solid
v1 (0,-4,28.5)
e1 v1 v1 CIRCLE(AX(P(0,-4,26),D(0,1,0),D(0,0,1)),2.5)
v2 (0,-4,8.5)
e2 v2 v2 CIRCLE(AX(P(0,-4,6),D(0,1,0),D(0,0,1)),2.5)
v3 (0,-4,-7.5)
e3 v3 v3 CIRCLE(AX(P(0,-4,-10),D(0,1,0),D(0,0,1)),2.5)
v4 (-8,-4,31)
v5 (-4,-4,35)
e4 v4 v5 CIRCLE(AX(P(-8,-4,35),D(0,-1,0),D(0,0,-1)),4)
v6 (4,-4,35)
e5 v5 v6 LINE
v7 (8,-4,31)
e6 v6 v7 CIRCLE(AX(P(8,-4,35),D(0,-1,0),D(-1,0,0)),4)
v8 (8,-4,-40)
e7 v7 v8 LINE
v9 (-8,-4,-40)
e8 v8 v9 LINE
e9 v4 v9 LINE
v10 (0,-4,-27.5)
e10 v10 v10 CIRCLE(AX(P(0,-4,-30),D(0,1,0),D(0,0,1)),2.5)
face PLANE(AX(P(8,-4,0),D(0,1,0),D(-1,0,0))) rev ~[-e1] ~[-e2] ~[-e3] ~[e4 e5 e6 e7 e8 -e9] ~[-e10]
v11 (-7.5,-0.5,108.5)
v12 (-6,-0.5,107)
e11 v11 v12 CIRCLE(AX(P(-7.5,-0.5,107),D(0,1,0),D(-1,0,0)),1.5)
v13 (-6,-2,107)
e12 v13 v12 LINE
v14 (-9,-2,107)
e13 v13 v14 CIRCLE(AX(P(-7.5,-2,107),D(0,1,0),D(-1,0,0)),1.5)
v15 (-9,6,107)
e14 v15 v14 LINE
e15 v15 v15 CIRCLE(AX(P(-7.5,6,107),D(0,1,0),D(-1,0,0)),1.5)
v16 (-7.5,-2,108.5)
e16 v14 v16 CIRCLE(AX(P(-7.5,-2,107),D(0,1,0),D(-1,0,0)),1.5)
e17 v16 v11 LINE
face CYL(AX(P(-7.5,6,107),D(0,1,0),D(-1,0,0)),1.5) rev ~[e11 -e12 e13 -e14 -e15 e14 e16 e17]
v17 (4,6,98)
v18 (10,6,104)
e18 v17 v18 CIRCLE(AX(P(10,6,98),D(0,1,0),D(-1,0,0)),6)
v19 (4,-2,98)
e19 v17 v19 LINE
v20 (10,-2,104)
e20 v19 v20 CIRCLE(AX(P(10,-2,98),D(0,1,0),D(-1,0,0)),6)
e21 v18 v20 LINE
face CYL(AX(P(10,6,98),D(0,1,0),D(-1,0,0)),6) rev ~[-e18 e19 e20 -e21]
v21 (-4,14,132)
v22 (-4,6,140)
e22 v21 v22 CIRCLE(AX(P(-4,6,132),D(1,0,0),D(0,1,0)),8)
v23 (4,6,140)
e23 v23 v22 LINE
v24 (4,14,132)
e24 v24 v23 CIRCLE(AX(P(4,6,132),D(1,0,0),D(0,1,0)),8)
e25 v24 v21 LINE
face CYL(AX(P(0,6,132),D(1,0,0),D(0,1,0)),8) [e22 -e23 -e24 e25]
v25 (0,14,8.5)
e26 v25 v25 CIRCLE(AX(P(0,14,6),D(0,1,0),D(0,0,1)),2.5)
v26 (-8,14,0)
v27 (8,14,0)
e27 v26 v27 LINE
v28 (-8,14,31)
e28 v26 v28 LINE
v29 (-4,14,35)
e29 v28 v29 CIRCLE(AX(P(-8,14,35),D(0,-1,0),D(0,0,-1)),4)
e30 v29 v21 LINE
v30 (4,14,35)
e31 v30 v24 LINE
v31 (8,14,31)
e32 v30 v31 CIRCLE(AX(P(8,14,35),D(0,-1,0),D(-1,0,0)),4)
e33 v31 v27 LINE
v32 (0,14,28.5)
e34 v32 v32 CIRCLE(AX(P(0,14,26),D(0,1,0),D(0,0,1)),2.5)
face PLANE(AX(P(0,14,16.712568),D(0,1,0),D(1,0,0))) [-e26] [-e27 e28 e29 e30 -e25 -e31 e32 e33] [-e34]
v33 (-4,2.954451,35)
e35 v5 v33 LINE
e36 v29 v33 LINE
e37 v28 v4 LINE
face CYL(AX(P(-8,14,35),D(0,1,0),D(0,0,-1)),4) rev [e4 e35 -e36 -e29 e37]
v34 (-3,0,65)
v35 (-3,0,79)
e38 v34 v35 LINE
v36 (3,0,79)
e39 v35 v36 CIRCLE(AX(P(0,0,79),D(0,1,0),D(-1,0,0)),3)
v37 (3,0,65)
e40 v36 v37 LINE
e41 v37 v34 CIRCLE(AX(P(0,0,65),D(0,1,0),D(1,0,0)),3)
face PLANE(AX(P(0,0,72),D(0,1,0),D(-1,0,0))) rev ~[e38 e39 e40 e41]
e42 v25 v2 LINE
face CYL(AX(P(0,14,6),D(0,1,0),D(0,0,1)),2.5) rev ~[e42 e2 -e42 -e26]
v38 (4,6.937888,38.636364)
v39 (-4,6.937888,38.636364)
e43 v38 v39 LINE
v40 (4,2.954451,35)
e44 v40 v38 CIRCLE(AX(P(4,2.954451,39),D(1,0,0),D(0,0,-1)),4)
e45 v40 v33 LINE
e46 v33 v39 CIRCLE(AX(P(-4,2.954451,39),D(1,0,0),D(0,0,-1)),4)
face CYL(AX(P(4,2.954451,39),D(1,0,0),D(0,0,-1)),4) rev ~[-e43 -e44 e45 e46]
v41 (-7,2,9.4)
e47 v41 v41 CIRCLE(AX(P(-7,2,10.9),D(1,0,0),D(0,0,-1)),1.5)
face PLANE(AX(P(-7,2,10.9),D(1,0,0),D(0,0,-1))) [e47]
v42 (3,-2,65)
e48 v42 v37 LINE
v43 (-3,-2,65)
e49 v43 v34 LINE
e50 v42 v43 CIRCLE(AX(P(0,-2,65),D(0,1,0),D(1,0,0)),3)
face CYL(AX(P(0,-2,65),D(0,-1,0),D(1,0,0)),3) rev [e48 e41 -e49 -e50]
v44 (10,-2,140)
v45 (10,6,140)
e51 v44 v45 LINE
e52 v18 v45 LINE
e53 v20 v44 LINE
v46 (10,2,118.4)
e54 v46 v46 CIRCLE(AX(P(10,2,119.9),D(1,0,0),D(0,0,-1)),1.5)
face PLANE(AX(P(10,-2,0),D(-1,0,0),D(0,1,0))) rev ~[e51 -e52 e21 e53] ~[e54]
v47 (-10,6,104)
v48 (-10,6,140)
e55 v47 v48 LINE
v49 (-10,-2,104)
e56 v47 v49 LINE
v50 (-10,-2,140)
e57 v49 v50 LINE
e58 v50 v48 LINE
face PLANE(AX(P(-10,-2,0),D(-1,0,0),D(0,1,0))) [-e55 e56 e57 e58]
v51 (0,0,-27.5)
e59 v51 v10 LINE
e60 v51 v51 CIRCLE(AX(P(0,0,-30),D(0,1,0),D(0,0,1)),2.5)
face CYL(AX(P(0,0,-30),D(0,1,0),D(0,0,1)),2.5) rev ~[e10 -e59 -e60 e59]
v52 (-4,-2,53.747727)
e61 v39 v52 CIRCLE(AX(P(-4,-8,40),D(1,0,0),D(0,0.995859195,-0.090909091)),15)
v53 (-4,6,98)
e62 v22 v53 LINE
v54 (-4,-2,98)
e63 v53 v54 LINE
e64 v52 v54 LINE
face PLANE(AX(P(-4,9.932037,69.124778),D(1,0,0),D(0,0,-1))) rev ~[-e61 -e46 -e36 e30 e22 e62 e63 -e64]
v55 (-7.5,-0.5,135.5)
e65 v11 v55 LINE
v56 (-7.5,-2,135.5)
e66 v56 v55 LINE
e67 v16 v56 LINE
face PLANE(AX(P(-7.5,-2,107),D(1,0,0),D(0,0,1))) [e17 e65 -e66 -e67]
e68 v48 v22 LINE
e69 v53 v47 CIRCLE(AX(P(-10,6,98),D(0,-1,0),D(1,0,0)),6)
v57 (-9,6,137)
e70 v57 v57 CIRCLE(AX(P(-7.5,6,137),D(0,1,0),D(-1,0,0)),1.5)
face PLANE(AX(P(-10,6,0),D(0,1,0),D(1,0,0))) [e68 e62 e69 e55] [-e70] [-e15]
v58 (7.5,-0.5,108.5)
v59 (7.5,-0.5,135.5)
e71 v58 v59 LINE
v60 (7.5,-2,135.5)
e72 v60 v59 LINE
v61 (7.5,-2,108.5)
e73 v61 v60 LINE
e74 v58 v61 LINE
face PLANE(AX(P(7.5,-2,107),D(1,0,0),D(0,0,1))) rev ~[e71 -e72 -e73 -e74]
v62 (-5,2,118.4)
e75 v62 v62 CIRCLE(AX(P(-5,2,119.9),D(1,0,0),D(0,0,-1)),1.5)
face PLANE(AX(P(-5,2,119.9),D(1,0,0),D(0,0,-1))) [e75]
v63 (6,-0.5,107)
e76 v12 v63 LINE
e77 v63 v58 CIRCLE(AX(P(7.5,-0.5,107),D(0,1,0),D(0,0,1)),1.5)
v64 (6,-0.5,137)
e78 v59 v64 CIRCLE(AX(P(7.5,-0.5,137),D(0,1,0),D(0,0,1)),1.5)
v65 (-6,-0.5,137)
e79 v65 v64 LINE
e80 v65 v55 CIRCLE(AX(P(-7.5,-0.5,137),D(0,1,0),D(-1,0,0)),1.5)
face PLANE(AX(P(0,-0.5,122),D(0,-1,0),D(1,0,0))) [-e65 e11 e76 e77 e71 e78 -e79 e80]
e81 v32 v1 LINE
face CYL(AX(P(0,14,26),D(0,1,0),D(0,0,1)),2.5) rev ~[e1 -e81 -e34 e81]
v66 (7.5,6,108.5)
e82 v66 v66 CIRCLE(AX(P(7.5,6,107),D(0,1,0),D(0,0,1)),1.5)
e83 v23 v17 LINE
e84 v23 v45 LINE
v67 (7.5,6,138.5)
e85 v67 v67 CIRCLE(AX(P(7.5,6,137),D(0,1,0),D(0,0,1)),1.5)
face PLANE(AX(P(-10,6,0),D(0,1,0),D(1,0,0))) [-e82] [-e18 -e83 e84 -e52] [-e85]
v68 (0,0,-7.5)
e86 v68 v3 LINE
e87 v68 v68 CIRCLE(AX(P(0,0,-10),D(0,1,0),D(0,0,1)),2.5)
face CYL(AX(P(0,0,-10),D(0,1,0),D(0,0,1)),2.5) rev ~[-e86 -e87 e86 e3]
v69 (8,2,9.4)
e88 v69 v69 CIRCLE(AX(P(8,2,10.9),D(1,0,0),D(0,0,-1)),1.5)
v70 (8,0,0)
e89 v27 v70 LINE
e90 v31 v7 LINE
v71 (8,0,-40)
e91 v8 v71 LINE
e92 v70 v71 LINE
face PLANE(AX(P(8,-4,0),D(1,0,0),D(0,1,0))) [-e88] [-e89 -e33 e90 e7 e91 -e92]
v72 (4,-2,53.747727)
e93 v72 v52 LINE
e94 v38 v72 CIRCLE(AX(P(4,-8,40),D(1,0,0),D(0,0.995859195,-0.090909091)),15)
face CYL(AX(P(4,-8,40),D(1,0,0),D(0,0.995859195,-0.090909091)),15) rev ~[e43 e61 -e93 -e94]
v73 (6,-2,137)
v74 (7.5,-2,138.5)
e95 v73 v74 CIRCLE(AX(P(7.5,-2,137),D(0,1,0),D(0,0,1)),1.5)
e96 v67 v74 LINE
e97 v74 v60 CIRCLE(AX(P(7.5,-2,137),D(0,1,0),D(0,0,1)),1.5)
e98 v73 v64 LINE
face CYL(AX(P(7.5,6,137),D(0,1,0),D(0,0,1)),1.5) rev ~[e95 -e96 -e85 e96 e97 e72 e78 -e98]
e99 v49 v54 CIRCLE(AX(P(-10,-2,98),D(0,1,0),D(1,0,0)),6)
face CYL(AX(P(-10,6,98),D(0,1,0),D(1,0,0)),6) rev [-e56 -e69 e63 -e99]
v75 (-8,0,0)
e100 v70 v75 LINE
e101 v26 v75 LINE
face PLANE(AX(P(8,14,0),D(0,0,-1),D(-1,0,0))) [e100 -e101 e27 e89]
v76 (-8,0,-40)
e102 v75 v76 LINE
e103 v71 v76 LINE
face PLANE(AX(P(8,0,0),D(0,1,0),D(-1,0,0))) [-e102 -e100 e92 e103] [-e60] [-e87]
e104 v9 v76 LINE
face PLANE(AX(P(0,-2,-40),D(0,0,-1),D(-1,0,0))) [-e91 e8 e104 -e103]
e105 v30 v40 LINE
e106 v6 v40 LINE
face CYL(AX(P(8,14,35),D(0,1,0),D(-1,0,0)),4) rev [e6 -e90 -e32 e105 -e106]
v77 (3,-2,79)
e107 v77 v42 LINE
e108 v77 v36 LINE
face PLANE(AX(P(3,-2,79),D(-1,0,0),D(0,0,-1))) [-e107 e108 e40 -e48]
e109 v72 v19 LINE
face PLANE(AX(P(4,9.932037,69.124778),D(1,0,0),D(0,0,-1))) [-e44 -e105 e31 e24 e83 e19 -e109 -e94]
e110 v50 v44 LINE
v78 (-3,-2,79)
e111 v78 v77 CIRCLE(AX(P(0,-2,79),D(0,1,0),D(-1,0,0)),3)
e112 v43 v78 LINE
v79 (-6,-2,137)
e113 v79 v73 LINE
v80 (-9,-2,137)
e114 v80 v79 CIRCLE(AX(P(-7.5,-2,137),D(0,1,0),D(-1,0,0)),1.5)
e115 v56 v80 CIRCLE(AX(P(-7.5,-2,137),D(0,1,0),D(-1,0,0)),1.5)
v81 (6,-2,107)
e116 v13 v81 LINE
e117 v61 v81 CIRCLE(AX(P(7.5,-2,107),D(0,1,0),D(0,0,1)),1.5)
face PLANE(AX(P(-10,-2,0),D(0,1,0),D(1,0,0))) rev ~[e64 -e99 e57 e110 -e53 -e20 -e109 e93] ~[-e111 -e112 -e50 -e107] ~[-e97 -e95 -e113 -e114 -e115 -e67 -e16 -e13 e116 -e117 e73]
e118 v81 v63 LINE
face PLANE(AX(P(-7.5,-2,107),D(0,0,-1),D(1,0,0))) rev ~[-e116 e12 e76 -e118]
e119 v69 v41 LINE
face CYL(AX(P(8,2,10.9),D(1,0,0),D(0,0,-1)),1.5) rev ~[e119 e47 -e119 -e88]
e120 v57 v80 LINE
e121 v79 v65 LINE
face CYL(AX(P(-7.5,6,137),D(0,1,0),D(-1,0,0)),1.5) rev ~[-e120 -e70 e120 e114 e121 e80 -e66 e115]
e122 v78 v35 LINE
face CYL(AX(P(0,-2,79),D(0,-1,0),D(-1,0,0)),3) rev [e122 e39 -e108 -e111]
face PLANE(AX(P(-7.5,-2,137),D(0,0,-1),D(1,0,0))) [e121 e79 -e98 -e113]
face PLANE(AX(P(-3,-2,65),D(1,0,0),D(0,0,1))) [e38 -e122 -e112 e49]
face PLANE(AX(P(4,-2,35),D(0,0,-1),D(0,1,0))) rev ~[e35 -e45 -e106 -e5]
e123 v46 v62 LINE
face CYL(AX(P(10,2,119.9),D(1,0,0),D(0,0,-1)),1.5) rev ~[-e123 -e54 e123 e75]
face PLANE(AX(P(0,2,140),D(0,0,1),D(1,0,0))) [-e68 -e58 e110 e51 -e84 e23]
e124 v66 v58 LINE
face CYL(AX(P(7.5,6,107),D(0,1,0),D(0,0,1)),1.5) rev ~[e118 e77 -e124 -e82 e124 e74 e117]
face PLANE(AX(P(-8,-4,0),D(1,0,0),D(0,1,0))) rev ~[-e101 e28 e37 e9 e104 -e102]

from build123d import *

# Parameters (mm, degrees)
SKETCH1_W           = 20
SKETCH1_H           = 8
BOSS_EXTRUDE1_DEPTH = 140
CUT_EXTRUDE1_DEPTH  = 141.584494166
BOSS_EXTRUDE2_DEPTH = 4
CUT_EXTRUDE2_DEPTH  = 142.393069137
BOSS_EXTRUDE3_DEPTH = 18
SKETCH7_W           = 16
SKETCH7_H           = 4
BOSS_EXTRUDE4_DEPTH = 40
SKETCH8_R           = 1.5
CUT_EXTRUDE3_DEPTH  = 141.712472795
SKETCH9_W           = 15
SKETCH9_H           = 30
CUT_EXTRUDE4_DEPTH  = 1.5
CUT_EXTRUDE5_DEPTH  = 2
SKETCH11_R          = 2.5
CUT_EXTRUDE6_DEPTH  = 142.50618361
SKETCH12_R          = 2.5
CUT_EXTRUDE7_DEPTH  = 142.05318146
SKETCH13_R          = 1.5
CUT_EXTRUDE8_DEPTH  = 15
SKETCH14_R          = 1.5
CUT_EXTRUDE9_DEPTH  = 15


with BuildPart() as part:
    # Sketch1 → Boss-Extrude1 (new body)
    with BuildSketch(Plane.XY):
        with Locations((0, 2)):
            Rectangle(SKETCH1_W, SKETCH1_H)
    extrude(amount=BOSS_EXTRUDE1_DEPTH)

    # Sketch2 → Cut-Extrude1 (cut, through all)
    with BuildSketch(Plane(origin=(0, 6, 0), x_dir=(1, 0, 0), z_dir=(0, 1, 0))):
        with BuildLine():
            Line((-10, 0), (-4, 0))
            Line((-4, 0), (-4, -98))
            ThreePointArc((-4, -98), (-5.757359313, -102.242640687), (-10, -104))
            Line((-10, -104), (-10, 0))
        make_face()
        with BuildLine():
            Line((10, -104), (10, 0))
            Line((10, 0), (4, 0))
            Line((4, 0), (4, -98))
            ThreePointArc((4, -98), (5.757359313, -102.242640687), (10, -104))
        make_face()
    extrude(amount=-CUT_EXTRUDE1_DEPTH, mode=Mode.SUBTRACT)

    # Sketch3 → Boss-Extrude2 (add, symmetric)
    with BuildSketch(Plane(origin=(0, 0, 0), x_dir=(0, 0, -1), z_dir=(1, 0, 0))):
        with BuildLine():
            Line((-140, 6), (0, 6))
            Line((0, 6), (0, 14))
            Line((0, 14), (-132, 14))
            ThreePointArc((-132, 14), (-137.656854249, 11.656854249), (-140, 6))
        make_face()
    extrude(amount=BOSS_EXTRUDE2_DEPTH, both=True)

    # Sketch4 → Cut-Extrude2 (cut, through all)
    with BuildSketch(Plane(origin=(4, 0, 0), x_dir=(0, 0, -1), z_dir=(1, 0, 0))):
        with BuildLine():
            Line((-35, -2), (-35, 2.95445115))
            ThreePointArc((-35, 2.95445115), (-36.045804216, 5.6512506), (-38.636363636, 6.937887932))
            ThreePointArc((-38.636363636, 6.937887932), (-47.636287443, 4.910736388), (-53.747727085, -2))
            Line((-53.747727085, -2), (-35, -2))
        make_face()
    extrude(amount=-CUT_EXTRUDE2_DEPTH, mode=Mode.SUBTRACT)

    # Sketch6 → Boss-Extrude3 (add)
    with BuildSketch(Plane(origin=(0, 14, 0), x_dir=(1, 0, 0), z_dir=(0, 1, 0))):
        with BuildLine():
            Line((-4, 0), (-8, 0))
            Line((-8, 0), (-8, -31))
            ThreePointArc((-8, -31), (-5.171572875, -32.171572875), (-4, -35))
            Line((-4, -35), (4, -35))
            ThreePointArc((4, -35), (5.171572875, -32.171572875), (8, -31))
            Line((8, -31), (8, 0))
            Line((8, 0), (4, 0))
            Line((4, 0), (-4, 0))
        make_face()
    extrude(amount=-BOSS_EXTRUDE3_DEPTH)

    # Sketch7 → Boss-Extrude4 (add)
    with BuildSketch(Plane(origin=(0, 0, 0), x_dir=(-1, 0, 0), z_dir=(0, 0, -1))):
        with Locations((0, -2)):
            Rectangle(SKETCH7_W, SKETCH7_H)
    extrude(amount=BOSS_EXTRUDE4_DEPTH)

    # Sketch8 → Cut-Extrude3 (cut, through all)
    with BuildSketch(Plane(origin=(0, 6, 0), x_dir=(1, 0, 0), z_dir=(0, 1, 0))):
        with Locations(Location((7.5, -137, 0), (0, 0, 270))):
            Circle(SKETCH8_R)
        with Locations(Location((7.5, -107, 0), (0, 0, 270))):
            Circle(SKETCH8_R)
        with Locations(Location((-7.5, -107, 0), (0, 0, 180))):
            Circle(SKETCH8_R)
        with Locations(Location((-7.5, -137, 0), (0, 0, 180))):
            Circle(SKETCH8_R)
    extrude(amount=-CUT_EXTRUDE3_DEPTH, mode=Mode.SUBTRACT)

    # Sketch9 → Cut-Extrude4 (cut)
    with BuildSketch(Plane.XZ.offset(2)):
        with Locations((0, 122)):
            Rectangle(SKETCH9_W, SKETCH9_H)
    extrude(amount=-CUT_EXTRUDE4_DEPTH, mode=Mode.SUBTRACT)

    # Sketch10 → Cut-Extrude5 (cut)
    with BuildSketch(Plane.XZ.offset(2)):
        with BuildLine():
            Line((3, 79), (3, 65))
            ThreePointArc((3, 65), (0, 62), (-3, 65))
            Line((-3, 65), (-3, 79))
            ThreePointArc((-3, 79), (0, 82), (3, 79))
        make_face()
    extrude(amount=-CUT_EXTRUDE5_DEPTH, mode=Mode.SUBTRACT)

    # Sketch11 → Cut-Extrude6 (cut, through all)
    with BuildSketch(Plane(origin=(0, 14, 0), x_dir=(1, 0, 0), z_dir=(0, 1, 0))):
        with Locations(Location((0, -26, 0), (0, 0, 270))):
            Circle(SKETCH11_R)
        with Locations(Location((0, -6, 0), (0, 0, 270))):
            Circle(SKETCH11_R)
    extrude(amount=-CUT_EXTRUDE6_DEPTH, mode=Mode.SUBTRACT)

    # Sketch12 → Cut-Extrude7 (cut, through all)
    with BuildSketch(Plane(origin=(0, 0, 0), x_dir=(1, 0, 0), z_dir=(0, 1, 0))):
        with Locations(Location((0, 10, 0), (0, 0, 270))):
            Circle(SKETCH12_R)
        with Locations(Location((0, 30, 0), (0, 0, 270))):
            Circle(SKETCH12_R)
    extrude(amount=-CUT_EXTRUDE7_DEPTH, mode=Mode.SUBTRACT)

    # Sketch13 → Cut-Extrude8 (cut)
    with BuildSketch(Plane(origin=(10, 0, 0), x_dir=(0, 0, -1), z_dir=(1, 0, 0))):
        with Locations((-119.9, 2)):
            Circle(SKETCH13_R)
    extrude(amount=-CUT_EXTRUDE8_DEPTH, mode=Mode.SUBTRACT)

    # Sketch14 → Cut-Extrude9 (cut)
    with BuildSketch(Plane(origin=(8, 0, 0), x_dir=(0, 0, -1), z_dir=(1, 0, 0))):
        with Locations((-10.9, 2)):
            Circle(SKETCH14_R)
    extrude(amount=-CUT_EXTRUDE9_DEPTH, mode=Mode.SUBTRACT)


solid = part.part
